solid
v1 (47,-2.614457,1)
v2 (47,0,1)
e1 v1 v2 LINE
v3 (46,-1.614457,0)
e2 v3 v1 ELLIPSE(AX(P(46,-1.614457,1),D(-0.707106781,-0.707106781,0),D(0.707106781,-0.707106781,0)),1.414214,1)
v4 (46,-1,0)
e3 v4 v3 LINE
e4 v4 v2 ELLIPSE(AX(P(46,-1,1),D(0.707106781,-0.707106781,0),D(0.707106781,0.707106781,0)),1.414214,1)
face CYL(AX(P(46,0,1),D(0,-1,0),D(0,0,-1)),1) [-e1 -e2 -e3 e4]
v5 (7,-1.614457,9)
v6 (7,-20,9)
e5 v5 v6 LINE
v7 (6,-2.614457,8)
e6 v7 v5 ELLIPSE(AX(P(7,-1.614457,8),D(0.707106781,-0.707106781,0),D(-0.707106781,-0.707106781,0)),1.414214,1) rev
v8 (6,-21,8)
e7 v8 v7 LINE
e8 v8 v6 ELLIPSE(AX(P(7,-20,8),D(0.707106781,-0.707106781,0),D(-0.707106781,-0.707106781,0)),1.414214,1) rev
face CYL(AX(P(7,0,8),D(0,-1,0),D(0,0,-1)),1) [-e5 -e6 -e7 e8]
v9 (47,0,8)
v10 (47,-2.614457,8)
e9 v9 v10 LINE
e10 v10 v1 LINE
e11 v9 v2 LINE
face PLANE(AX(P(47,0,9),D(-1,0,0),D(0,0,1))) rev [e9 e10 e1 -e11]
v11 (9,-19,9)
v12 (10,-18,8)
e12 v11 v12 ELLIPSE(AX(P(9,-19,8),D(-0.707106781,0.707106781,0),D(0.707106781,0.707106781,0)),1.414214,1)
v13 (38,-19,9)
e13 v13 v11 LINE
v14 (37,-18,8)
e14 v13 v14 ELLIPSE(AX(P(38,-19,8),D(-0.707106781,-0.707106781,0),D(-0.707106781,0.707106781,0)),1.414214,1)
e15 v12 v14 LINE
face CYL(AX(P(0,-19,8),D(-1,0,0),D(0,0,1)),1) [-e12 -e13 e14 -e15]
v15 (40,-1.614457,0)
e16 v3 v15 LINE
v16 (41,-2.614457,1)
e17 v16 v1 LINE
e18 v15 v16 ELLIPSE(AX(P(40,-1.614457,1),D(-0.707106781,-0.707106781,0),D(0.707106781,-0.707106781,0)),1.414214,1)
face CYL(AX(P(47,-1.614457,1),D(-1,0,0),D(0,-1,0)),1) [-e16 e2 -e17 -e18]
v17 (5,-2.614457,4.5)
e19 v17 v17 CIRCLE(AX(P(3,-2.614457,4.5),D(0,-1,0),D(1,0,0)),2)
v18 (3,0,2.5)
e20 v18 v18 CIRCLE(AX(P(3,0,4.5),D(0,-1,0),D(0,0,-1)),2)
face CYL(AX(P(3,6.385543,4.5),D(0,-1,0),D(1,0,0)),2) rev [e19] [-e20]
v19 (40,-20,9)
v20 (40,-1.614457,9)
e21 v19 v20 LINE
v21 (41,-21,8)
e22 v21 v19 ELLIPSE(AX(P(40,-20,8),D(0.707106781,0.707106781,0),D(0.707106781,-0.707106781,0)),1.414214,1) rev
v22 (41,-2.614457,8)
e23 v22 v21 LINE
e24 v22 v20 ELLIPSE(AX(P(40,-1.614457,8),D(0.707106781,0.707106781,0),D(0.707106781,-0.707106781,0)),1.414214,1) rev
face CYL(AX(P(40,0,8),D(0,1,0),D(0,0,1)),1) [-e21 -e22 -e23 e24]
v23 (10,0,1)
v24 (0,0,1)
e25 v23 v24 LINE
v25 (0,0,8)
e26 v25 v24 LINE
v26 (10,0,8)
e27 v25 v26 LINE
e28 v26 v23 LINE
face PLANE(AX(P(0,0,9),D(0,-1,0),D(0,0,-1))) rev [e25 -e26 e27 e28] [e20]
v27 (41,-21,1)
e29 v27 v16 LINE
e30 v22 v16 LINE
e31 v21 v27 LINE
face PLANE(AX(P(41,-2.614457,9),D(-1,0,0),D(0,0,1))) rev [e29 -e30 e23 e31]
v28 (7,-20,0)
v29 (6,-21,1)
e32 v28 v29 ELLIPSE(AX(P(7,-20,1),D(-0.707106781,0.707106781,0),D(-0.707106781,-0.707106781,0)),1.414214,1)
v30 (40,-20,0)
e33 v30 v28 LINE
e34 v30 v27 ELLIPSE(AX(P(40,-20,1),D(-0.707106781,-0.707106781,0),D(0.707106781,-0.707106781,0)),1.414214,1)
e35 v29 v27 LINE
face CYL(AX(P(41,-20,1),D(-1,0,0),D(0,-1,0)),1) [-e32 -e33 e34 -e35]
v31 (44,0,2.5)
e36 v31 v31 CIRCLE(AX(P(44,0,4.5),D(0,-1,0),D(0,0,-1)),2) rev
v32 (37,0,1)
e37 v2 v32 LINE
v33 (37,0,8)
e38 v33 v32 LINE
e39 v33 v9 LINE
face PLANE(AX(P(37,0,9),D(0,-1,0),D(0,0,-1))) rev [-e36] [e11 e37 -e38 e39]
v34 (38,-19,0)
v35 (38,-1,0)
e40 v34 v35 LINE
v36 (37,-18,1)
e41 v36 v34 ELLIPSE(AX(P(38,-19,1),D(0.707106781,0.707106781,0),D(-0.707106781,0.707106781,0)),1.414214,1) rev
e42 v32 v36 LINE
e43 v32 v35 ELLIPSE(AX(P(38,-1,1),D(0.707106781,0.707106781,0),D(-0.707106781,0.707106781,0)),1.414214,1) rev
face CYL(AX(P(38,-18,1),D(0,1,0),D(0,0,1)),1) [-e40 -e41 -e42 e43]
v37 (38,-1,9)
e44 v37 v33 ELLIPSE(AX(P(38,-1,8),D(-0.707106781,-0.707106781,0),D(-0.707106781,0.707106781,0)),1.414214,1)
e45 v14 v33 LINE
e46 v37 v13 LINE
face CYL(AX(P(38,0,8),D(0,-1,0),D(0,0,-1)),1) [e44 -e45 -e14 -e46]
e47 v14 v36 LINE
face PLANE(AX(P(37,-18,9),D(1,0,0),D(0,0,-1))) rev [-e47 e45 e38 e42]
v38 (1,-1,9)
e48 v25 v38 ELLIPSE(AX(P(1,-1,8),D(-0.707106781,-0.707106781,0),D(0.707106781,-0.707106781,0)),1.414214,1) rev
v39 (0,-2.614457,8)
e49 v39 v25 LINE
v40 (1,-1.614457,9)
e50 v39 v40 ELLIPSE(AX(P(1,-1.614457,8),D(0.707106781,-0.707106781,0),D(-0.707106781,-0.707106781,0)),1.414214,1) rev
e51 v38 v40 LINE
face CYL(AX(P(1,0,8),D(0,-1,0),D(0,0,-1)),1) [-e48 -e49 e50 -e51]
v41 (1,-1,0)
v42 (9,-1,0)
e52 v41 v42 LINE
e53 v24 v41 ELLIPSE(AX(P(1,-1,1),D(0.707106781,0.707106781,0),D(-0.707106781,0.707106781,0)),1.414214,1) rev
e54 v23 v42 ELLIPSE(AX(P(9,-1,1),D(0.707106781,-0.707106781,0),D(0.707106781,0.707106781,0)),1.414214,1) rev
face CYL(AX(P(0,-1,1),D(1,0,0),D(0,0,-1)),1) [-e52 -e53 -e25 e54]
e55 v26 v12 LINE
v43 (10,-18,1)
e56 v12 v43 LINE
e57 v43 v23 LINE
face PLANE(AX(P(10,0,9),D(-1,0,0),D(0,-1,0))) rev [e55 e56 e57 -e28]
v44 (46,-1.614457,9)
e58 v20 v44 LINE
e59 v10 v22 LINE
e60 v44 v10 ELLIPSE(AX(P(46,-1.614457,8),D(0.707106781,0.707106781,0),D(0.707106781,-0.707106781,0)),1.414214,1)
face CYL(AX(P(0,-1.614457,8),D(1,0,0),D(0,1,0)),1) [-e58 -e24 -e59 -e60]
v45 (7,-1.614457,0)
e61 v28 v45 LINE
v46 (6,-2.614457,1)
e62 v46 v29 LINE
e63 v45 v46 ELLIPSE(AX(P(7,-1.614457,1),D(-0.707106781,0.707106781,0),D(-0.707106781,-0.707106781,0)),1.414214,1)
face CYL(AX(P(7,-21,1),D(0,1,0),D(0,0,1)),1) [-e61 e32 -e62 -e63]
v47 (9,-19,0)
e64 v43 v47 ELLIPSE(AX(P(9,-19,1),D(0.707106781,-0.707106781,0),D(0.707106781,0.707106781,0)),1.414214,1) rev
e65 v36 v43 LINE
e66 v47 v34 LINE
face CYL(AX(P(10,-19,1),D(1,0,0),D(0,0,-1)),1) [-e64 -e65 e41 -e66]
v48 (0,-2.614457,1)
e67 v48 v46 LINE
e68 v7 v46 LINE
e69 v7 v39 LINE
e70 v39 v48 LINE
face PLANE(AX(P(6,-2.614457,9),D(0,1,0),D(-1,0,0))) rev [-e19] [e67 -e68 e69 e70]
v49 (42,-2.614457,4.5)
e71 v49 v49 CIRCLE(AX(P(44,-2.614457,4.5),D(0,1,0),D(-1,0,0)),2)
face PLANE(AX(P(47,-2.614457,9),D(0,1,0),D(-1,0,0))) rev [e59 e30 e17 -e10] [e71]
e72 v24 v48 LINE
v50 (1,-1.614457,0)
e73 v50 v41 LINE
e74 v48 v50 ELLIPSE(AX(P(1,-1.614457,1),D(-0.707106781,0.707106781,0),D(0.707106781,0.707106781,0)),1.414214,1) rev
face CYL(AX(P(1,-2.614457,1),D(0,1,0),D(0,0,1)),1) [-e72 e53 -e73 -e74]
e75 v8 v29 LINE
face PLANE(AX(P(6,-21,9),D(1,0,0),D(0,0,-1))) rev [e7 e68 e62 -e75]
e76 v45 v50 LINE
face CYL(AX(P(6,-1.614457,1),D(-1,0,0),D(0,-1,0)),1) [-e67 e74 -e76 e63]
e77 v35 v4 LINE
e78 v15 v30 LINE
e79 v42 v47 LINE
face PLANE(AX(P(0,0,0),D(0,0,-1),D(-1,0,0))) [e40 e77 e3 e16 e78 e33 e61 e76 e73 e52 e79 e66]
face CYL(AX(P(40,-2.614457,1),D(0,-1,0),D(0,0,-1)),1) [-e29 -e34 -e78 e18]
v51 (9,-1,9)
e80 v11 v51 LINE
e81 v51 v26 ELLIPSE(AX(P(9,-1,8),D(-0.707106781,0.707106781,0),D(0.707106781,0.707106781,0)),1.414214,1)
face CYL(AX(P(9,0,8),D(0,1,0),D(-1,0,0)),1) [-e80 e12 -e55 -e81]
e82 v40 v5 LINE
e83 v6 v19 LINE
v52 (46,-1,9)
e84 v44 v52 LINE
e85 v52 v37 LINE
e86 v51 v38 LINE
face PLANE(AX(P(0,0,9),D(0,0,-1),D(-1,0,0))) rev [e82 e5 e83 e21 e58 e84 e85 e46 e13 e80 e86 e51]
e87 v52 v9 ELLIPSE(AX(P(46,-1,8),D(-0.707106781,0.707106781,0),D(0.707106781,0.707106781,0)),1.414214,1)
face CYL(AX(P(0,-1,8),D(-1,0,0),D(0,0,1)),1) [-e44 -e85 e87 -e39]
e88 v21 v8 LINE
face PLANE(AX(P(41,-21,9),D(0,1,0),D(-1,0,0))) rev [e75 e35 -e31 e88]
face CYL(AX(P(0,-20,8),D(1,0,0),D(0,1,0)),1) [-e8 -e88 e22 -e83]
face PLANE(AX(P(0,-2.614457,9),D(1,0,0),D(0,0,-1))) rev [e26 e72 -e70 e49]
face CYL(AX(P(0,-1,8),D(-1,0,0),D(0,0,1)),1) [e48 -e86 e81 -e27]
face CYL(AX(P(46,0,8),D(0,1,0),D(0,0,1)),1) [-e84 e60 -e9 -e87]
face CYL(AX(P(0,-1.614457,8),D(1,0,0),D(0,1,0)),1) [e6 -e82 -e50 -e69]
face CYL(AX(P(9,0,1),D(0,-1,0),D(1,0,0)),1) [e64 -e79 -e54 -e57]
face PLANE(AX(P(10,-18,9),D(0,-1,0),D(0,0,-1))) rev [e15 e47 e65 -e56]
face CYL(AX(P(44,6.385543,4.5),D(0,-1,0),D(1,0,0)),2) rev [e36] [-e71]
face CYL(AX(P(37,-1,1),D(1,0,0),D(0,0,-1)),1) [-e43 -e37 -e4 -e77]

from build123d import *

# Parameters (mm, degrees)
BOSS_EXTRUDE1_DEPTH = 9
SKETCH2_R           = 2
CUT_EXTRUDE1_DEPTH  = 9
FILLET1_R           = 1


with BuildPart() as part:
    # Sketch1 → Boss-Extrude1 (new body)
    with BuildSketch(Plane.XY):
        Polygon((0, 0), (10, 0), (10, -18), (37, -18), (37, 0), (47, 0), (47, -2.614456703), (41, -2.614456703), (41, -21), (6, -21), (6, -2.614456703), (0, -2.614456703), align=None)
    extrude(amount=BOSS_EXTRUDE1_DEPTH)

    # Sketch2 → Cut-Extrude1 (cut)
    with BuildSketch(Plane.XZ.offset(2.614456703)):
        with Locations((3, 4.5)):
            Circle(SKETCH2_R)
    cut_extrude1 = extrude(amount=-CUT_EXTRUDE1_DEPTH, mode=Mode.SUBTRACT)

    # Mirror1: Cut-Extrude1 across plane
    add(cut_extrude1.mirror(Plane(origin=(23.5, 0, 0), x_dir=(0, 0, 1), z_dir=(1, 0, 0))), mode=Mode.SUBTRACT)

    # Fillet1
    fillet1_edges = [part.edges().sort_by_distance(p)[0] for p in [
        (5, 0, 0),
        (10, -9, 0),
        (6, -11.807228352, 9),
        (23.5, -18, 0),
        (37, -9, 0),
        (42, 0, 0),
        (47, -1.307228352, 0),
        (44, -2.614456703, 0),
        (41, -11.807228352, 0),
        (23.5, -21, 0),
        (6, -11.807228352, 0),
        (3, -2.614456703, 0),
        (0, -1.307228352, 0),
        (23.5, -21, 9),
        (41, -11.807228352, 9),
        (44, -2.614456703, 9),
        (47, -1.307228352, 9),
        (42, 0, 9),
        (37, -9, 9),
        (23.5, -18, 9),
        (10, -9, 9),
        (5, 0, 9),
        (0, -1.307228352, 9),
        (3, -2.614456703, 9),
    ]]
    fillet(fillet1_edges, radius=FILLET1_R)


solid = part.part
